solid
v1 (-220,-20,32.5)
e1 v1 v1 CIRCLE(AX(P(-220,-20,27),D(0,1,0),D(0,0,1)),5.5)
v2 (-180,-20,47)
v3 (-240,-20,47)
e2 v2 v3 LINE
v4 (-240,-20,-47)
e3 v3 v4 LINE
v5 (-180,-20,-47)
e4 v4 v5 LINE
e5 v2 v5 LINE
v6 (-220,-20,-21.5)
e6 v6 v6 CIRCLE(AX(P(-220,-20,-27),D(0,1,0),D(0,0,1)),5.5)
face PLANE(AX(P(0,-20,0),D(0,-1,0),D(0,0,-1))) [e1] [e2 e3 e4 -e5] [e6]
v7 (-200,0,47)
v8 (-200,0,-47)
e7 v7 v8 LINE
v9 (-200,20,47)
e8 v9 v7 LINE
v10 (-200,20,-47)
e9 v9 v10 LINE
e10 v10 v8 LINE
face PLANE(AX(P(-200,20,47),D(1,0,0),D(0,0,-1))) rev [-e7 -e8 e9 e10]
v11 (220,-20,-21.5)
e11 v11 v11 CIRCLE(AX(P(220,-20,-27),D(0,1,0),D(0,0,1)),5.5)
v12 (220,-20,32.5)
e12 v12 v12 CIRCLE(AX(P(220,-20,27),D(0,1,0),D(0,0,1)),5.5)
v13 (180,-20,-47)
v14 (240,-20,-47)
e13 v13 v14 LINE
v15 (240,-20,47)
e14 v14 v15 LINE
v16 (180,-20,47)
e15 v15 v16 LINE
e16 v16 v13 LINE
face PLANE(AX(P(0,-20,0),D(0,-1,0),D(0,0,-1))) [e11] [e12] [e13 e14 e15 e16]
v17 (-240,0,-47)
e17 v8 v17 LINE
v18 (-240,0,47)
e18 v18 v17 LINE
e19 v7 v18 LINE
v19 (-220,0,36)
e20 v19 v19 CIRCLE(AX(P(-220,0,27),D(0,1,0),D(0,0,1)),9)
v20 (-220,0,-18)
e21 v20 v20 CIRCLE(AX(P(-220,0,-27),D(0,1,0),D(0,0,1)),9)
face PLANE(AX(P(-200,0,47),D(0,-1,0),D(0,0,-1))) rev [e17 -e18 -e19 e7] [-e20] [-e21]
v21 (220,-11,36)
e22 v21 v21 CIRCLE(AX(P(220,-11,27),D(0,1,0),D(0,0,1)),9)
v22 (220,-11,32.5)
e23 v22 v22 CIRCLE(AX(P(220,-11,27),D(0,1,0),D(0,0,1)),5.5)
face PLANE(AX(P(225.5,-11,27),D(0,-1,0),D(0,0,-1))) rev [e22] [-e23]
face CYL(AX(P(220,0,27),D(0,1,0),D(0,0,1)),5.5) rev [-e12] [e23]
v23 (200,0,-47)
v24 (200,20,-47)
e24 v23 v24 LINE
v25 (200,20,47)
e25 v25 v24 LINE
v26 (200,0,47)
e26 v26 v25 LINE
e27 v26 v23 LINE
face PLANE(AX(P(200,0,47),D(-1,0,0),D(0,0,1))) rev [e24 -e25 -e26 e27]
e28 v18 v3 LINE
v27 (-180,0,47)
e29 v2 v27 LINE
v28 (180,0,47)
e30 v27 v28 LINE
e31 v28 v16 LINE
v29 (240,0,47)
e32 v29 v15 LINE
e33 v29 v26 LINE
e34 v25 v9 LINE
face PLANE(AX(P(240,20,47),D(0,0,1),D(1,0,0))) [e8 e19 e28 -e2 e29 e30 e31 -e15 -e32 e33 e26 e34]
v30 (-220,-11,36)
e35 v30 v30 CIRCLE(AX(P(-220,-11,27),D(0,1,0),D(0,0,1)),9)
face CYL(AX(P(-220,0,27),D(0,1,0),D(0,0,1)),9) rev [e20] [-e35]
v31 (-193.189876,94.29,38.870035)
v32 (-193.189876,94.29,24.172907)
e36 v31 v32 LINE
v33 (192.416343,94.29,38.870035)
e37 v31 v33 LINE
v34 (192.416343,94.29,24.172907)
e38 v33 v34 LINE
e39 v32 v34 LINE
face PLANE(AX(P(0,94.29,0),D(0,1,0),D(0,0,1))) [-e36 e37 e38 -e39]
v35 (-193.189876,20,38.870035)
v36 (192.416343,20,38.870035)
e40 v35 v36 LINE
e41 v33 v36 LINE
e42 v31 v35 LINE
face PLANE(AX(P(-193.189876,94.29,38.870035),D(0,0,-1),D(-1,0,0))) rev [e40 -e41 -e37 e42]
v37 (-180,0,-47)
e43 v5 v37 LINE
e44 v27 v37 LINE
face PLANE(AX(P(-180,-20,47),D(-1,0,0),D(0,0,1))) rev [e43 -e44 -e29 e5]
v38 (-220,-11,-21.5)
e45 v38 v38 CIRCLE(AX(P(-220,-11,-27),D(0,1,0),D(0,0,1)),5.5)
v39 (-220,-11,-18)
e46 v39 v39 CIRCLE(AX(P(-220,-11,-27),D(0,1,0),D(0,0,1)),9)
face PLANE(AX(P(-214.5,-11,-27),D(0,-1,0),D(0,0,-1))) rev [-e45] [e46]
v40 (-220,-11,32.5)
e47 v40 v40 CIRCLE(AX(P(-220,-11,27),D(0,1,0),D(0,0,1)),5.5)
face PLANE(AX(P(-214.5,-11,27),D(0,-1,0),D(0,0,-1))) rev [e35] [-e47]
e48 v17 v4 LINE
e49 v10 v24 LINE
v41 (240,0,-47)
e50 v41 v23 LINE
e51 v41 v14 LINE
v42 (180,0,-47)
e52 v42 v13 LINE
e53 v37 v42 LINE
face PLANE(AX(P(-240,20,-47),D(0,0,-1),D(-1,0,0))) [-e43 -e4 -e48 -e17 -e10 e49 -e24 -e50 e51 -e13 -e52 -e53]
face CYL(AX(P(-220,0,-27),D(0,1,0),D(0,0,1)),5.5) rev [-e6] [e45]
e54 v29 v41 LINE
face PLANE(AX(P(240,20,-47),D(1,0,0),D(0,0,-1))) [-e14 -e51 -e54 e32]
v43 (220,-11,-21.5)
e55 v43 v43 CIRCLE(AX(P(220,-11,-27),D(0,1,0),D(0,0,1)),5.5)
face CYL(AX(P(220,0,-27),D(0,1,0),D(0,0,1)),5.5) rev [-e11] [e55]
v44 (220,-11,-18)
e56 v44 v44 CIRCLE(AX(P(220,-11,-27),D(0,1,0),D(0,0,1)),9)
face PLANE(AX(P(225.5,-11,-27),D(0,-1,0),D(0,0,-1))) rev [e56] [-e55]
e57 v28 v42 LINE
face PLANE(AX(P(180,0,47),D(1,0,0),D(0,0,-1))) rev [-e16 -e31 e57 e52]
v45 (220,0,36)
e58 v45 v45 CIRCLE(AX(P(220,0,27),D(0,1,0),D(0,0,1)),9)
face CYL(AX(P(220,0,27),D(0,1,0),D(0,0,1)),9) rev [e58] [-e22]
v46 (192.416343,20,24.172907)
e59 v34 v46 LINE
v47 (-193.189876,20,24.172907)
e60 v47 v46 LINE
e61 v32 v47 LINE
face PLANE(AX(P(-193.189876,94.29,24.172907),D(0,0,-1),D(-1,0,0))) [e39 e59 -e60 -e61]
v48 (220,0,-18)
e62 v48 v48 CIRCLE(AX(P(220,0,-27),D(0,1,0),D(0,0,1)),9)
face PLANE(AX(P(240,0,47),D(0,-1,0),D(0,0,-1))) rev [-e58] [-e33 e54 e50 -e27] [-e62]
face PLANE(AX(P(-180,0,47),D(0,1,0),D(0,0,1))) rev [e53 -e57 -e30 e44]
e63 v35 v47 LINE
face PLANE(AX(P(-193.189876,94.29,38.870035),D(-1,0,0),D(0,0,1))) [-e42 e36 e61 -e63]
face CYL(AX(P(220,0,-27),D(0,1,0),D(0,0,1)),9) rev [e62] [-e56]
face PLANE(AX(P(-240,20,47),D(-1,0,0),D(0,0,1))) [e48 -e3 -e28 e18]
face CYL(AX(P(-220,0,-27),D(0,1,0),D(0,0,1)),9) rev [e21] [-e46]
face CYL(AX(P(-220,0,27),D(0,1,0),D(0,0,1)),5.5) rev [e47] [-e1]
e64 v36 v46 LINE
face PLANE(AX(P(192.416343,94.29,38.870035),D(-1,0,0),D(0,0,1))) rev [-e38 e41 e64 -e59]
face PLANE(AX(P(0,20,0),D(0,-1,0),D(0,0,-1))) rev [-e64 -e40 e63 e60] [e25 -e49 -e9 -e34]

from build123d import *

# Parameters (mm, degrees)
SKETCH_1_W                    = 480
SKETCH_1_H                    = 94
EXTRUDE_1_DEPTH               = 40
SKETCH_2_W                    = 40
SKETCH_2_H                    = 20
CUT_EXTRUDE_1_DEPTH           = 259.526594377
SKETCH_3_W                    = 360
SKETCH_3_H                    = 20
CUT_EXTRUDE_2_DEPTH           = 259.526594377
SKETCH_4_W                    = 40
SKETCH_4_H                    = 20
CUT_EXTRUDE_3_DEPTH           = 259.526594377
HOLE_WIZARD_M10_1_D           = 11
HOLE_WIZARD_M10_1_CBORE_D     = 18
HOLE_WIZARD_M10_1_CBORE_DEPTH = 11
SKETCH_9_W                    = 385.606218599
SKETCH_9_H                    = 14.697127689
EXTRUDE_2_DEPTH               = 74.29


with BuildPart() as part:
    # 草图1 → 凸台-拉伸1 (new body)
    with BuildSketch(Plane.XZ.offset(20)):
        Rectangle(SKETCH_1_W, SKETCH_1_H)
    extrude(amount=-EXTRUDE_1_DEPTH)

    # 草图2 → 切除-拉伸1 (cut, through all)
    with BuildSketch(Plane(origin=(0, 0, -47), x_dir=(-1, 0, 0), z_dir=(0, 0, -1))):
        with Locations((220, 10)):
            Rectangle(SKETCH_2_W, SKETCH_2_H)
    extrude(amount=-CUT_EXTRUDE_1_DEPTH, mode=Mode.SUBTRACT)

    # 草图3 → 切除-拉伸2 (cut, through all)
    with BuildSketch(Plane(origin=(0, 0, -47), x_dir=(-1, 0, 0), z_dir=(0, 0, -1))):
        with Locations((0, -10)):
            Rectangle(SKETCH_3_W, SKETCH_3_H)
    extrude(amount=-CUT_EXTRUDE_2_DEPTH, mode=Mode.SUBTRACT)

    # 草图4 → 切除-拉伸3 (cut, through all)
    with BuildSketch(Plane(origin=(0, 0, -47), x_dir=(-1, 0, 0), z_dir=(0, 0, -1))):
        with Locations((-220, 10)):
            Rectangle(SKETCH_4_W, SKETCH_4_H)
    extrude(amount=-CUT_EXTRUDE_3_DEPTH, mode=Mode.SUBTRACT)

    # M10 六角头螺栓的柱形沉头孔1 (through all)
    with Locations(Plane(origin=(0, 0, 0), x_dir=(1, 0, 0), z_dir=(0, 1, 0))):
        with Locations((220, -27), (220, 27), (-220, -27), (-220, 27)):
            CounterBoreHole(HOLE_WIZARD_M10_1_D / 2, HOLE_WIZARD_M10_1_CBORE_D / 2, HOLE_WIZARD_M10_1_CBORE_DEPTH)

    # 草图9 → 凸台-拉伸2 (add)
    with BuildSketch(Plane(origin=(0, 20, 0), x_dir=(1, 0, 0), z_dir=(0, 1, 0))):
        with Locations((-0.386766518, -31.52147123)):
            Rectangle(SKETCH_9_W, SKETCH_9_H)
    extrude(amount=EXTRUDE_2_DEPTH)


solid = part.part
